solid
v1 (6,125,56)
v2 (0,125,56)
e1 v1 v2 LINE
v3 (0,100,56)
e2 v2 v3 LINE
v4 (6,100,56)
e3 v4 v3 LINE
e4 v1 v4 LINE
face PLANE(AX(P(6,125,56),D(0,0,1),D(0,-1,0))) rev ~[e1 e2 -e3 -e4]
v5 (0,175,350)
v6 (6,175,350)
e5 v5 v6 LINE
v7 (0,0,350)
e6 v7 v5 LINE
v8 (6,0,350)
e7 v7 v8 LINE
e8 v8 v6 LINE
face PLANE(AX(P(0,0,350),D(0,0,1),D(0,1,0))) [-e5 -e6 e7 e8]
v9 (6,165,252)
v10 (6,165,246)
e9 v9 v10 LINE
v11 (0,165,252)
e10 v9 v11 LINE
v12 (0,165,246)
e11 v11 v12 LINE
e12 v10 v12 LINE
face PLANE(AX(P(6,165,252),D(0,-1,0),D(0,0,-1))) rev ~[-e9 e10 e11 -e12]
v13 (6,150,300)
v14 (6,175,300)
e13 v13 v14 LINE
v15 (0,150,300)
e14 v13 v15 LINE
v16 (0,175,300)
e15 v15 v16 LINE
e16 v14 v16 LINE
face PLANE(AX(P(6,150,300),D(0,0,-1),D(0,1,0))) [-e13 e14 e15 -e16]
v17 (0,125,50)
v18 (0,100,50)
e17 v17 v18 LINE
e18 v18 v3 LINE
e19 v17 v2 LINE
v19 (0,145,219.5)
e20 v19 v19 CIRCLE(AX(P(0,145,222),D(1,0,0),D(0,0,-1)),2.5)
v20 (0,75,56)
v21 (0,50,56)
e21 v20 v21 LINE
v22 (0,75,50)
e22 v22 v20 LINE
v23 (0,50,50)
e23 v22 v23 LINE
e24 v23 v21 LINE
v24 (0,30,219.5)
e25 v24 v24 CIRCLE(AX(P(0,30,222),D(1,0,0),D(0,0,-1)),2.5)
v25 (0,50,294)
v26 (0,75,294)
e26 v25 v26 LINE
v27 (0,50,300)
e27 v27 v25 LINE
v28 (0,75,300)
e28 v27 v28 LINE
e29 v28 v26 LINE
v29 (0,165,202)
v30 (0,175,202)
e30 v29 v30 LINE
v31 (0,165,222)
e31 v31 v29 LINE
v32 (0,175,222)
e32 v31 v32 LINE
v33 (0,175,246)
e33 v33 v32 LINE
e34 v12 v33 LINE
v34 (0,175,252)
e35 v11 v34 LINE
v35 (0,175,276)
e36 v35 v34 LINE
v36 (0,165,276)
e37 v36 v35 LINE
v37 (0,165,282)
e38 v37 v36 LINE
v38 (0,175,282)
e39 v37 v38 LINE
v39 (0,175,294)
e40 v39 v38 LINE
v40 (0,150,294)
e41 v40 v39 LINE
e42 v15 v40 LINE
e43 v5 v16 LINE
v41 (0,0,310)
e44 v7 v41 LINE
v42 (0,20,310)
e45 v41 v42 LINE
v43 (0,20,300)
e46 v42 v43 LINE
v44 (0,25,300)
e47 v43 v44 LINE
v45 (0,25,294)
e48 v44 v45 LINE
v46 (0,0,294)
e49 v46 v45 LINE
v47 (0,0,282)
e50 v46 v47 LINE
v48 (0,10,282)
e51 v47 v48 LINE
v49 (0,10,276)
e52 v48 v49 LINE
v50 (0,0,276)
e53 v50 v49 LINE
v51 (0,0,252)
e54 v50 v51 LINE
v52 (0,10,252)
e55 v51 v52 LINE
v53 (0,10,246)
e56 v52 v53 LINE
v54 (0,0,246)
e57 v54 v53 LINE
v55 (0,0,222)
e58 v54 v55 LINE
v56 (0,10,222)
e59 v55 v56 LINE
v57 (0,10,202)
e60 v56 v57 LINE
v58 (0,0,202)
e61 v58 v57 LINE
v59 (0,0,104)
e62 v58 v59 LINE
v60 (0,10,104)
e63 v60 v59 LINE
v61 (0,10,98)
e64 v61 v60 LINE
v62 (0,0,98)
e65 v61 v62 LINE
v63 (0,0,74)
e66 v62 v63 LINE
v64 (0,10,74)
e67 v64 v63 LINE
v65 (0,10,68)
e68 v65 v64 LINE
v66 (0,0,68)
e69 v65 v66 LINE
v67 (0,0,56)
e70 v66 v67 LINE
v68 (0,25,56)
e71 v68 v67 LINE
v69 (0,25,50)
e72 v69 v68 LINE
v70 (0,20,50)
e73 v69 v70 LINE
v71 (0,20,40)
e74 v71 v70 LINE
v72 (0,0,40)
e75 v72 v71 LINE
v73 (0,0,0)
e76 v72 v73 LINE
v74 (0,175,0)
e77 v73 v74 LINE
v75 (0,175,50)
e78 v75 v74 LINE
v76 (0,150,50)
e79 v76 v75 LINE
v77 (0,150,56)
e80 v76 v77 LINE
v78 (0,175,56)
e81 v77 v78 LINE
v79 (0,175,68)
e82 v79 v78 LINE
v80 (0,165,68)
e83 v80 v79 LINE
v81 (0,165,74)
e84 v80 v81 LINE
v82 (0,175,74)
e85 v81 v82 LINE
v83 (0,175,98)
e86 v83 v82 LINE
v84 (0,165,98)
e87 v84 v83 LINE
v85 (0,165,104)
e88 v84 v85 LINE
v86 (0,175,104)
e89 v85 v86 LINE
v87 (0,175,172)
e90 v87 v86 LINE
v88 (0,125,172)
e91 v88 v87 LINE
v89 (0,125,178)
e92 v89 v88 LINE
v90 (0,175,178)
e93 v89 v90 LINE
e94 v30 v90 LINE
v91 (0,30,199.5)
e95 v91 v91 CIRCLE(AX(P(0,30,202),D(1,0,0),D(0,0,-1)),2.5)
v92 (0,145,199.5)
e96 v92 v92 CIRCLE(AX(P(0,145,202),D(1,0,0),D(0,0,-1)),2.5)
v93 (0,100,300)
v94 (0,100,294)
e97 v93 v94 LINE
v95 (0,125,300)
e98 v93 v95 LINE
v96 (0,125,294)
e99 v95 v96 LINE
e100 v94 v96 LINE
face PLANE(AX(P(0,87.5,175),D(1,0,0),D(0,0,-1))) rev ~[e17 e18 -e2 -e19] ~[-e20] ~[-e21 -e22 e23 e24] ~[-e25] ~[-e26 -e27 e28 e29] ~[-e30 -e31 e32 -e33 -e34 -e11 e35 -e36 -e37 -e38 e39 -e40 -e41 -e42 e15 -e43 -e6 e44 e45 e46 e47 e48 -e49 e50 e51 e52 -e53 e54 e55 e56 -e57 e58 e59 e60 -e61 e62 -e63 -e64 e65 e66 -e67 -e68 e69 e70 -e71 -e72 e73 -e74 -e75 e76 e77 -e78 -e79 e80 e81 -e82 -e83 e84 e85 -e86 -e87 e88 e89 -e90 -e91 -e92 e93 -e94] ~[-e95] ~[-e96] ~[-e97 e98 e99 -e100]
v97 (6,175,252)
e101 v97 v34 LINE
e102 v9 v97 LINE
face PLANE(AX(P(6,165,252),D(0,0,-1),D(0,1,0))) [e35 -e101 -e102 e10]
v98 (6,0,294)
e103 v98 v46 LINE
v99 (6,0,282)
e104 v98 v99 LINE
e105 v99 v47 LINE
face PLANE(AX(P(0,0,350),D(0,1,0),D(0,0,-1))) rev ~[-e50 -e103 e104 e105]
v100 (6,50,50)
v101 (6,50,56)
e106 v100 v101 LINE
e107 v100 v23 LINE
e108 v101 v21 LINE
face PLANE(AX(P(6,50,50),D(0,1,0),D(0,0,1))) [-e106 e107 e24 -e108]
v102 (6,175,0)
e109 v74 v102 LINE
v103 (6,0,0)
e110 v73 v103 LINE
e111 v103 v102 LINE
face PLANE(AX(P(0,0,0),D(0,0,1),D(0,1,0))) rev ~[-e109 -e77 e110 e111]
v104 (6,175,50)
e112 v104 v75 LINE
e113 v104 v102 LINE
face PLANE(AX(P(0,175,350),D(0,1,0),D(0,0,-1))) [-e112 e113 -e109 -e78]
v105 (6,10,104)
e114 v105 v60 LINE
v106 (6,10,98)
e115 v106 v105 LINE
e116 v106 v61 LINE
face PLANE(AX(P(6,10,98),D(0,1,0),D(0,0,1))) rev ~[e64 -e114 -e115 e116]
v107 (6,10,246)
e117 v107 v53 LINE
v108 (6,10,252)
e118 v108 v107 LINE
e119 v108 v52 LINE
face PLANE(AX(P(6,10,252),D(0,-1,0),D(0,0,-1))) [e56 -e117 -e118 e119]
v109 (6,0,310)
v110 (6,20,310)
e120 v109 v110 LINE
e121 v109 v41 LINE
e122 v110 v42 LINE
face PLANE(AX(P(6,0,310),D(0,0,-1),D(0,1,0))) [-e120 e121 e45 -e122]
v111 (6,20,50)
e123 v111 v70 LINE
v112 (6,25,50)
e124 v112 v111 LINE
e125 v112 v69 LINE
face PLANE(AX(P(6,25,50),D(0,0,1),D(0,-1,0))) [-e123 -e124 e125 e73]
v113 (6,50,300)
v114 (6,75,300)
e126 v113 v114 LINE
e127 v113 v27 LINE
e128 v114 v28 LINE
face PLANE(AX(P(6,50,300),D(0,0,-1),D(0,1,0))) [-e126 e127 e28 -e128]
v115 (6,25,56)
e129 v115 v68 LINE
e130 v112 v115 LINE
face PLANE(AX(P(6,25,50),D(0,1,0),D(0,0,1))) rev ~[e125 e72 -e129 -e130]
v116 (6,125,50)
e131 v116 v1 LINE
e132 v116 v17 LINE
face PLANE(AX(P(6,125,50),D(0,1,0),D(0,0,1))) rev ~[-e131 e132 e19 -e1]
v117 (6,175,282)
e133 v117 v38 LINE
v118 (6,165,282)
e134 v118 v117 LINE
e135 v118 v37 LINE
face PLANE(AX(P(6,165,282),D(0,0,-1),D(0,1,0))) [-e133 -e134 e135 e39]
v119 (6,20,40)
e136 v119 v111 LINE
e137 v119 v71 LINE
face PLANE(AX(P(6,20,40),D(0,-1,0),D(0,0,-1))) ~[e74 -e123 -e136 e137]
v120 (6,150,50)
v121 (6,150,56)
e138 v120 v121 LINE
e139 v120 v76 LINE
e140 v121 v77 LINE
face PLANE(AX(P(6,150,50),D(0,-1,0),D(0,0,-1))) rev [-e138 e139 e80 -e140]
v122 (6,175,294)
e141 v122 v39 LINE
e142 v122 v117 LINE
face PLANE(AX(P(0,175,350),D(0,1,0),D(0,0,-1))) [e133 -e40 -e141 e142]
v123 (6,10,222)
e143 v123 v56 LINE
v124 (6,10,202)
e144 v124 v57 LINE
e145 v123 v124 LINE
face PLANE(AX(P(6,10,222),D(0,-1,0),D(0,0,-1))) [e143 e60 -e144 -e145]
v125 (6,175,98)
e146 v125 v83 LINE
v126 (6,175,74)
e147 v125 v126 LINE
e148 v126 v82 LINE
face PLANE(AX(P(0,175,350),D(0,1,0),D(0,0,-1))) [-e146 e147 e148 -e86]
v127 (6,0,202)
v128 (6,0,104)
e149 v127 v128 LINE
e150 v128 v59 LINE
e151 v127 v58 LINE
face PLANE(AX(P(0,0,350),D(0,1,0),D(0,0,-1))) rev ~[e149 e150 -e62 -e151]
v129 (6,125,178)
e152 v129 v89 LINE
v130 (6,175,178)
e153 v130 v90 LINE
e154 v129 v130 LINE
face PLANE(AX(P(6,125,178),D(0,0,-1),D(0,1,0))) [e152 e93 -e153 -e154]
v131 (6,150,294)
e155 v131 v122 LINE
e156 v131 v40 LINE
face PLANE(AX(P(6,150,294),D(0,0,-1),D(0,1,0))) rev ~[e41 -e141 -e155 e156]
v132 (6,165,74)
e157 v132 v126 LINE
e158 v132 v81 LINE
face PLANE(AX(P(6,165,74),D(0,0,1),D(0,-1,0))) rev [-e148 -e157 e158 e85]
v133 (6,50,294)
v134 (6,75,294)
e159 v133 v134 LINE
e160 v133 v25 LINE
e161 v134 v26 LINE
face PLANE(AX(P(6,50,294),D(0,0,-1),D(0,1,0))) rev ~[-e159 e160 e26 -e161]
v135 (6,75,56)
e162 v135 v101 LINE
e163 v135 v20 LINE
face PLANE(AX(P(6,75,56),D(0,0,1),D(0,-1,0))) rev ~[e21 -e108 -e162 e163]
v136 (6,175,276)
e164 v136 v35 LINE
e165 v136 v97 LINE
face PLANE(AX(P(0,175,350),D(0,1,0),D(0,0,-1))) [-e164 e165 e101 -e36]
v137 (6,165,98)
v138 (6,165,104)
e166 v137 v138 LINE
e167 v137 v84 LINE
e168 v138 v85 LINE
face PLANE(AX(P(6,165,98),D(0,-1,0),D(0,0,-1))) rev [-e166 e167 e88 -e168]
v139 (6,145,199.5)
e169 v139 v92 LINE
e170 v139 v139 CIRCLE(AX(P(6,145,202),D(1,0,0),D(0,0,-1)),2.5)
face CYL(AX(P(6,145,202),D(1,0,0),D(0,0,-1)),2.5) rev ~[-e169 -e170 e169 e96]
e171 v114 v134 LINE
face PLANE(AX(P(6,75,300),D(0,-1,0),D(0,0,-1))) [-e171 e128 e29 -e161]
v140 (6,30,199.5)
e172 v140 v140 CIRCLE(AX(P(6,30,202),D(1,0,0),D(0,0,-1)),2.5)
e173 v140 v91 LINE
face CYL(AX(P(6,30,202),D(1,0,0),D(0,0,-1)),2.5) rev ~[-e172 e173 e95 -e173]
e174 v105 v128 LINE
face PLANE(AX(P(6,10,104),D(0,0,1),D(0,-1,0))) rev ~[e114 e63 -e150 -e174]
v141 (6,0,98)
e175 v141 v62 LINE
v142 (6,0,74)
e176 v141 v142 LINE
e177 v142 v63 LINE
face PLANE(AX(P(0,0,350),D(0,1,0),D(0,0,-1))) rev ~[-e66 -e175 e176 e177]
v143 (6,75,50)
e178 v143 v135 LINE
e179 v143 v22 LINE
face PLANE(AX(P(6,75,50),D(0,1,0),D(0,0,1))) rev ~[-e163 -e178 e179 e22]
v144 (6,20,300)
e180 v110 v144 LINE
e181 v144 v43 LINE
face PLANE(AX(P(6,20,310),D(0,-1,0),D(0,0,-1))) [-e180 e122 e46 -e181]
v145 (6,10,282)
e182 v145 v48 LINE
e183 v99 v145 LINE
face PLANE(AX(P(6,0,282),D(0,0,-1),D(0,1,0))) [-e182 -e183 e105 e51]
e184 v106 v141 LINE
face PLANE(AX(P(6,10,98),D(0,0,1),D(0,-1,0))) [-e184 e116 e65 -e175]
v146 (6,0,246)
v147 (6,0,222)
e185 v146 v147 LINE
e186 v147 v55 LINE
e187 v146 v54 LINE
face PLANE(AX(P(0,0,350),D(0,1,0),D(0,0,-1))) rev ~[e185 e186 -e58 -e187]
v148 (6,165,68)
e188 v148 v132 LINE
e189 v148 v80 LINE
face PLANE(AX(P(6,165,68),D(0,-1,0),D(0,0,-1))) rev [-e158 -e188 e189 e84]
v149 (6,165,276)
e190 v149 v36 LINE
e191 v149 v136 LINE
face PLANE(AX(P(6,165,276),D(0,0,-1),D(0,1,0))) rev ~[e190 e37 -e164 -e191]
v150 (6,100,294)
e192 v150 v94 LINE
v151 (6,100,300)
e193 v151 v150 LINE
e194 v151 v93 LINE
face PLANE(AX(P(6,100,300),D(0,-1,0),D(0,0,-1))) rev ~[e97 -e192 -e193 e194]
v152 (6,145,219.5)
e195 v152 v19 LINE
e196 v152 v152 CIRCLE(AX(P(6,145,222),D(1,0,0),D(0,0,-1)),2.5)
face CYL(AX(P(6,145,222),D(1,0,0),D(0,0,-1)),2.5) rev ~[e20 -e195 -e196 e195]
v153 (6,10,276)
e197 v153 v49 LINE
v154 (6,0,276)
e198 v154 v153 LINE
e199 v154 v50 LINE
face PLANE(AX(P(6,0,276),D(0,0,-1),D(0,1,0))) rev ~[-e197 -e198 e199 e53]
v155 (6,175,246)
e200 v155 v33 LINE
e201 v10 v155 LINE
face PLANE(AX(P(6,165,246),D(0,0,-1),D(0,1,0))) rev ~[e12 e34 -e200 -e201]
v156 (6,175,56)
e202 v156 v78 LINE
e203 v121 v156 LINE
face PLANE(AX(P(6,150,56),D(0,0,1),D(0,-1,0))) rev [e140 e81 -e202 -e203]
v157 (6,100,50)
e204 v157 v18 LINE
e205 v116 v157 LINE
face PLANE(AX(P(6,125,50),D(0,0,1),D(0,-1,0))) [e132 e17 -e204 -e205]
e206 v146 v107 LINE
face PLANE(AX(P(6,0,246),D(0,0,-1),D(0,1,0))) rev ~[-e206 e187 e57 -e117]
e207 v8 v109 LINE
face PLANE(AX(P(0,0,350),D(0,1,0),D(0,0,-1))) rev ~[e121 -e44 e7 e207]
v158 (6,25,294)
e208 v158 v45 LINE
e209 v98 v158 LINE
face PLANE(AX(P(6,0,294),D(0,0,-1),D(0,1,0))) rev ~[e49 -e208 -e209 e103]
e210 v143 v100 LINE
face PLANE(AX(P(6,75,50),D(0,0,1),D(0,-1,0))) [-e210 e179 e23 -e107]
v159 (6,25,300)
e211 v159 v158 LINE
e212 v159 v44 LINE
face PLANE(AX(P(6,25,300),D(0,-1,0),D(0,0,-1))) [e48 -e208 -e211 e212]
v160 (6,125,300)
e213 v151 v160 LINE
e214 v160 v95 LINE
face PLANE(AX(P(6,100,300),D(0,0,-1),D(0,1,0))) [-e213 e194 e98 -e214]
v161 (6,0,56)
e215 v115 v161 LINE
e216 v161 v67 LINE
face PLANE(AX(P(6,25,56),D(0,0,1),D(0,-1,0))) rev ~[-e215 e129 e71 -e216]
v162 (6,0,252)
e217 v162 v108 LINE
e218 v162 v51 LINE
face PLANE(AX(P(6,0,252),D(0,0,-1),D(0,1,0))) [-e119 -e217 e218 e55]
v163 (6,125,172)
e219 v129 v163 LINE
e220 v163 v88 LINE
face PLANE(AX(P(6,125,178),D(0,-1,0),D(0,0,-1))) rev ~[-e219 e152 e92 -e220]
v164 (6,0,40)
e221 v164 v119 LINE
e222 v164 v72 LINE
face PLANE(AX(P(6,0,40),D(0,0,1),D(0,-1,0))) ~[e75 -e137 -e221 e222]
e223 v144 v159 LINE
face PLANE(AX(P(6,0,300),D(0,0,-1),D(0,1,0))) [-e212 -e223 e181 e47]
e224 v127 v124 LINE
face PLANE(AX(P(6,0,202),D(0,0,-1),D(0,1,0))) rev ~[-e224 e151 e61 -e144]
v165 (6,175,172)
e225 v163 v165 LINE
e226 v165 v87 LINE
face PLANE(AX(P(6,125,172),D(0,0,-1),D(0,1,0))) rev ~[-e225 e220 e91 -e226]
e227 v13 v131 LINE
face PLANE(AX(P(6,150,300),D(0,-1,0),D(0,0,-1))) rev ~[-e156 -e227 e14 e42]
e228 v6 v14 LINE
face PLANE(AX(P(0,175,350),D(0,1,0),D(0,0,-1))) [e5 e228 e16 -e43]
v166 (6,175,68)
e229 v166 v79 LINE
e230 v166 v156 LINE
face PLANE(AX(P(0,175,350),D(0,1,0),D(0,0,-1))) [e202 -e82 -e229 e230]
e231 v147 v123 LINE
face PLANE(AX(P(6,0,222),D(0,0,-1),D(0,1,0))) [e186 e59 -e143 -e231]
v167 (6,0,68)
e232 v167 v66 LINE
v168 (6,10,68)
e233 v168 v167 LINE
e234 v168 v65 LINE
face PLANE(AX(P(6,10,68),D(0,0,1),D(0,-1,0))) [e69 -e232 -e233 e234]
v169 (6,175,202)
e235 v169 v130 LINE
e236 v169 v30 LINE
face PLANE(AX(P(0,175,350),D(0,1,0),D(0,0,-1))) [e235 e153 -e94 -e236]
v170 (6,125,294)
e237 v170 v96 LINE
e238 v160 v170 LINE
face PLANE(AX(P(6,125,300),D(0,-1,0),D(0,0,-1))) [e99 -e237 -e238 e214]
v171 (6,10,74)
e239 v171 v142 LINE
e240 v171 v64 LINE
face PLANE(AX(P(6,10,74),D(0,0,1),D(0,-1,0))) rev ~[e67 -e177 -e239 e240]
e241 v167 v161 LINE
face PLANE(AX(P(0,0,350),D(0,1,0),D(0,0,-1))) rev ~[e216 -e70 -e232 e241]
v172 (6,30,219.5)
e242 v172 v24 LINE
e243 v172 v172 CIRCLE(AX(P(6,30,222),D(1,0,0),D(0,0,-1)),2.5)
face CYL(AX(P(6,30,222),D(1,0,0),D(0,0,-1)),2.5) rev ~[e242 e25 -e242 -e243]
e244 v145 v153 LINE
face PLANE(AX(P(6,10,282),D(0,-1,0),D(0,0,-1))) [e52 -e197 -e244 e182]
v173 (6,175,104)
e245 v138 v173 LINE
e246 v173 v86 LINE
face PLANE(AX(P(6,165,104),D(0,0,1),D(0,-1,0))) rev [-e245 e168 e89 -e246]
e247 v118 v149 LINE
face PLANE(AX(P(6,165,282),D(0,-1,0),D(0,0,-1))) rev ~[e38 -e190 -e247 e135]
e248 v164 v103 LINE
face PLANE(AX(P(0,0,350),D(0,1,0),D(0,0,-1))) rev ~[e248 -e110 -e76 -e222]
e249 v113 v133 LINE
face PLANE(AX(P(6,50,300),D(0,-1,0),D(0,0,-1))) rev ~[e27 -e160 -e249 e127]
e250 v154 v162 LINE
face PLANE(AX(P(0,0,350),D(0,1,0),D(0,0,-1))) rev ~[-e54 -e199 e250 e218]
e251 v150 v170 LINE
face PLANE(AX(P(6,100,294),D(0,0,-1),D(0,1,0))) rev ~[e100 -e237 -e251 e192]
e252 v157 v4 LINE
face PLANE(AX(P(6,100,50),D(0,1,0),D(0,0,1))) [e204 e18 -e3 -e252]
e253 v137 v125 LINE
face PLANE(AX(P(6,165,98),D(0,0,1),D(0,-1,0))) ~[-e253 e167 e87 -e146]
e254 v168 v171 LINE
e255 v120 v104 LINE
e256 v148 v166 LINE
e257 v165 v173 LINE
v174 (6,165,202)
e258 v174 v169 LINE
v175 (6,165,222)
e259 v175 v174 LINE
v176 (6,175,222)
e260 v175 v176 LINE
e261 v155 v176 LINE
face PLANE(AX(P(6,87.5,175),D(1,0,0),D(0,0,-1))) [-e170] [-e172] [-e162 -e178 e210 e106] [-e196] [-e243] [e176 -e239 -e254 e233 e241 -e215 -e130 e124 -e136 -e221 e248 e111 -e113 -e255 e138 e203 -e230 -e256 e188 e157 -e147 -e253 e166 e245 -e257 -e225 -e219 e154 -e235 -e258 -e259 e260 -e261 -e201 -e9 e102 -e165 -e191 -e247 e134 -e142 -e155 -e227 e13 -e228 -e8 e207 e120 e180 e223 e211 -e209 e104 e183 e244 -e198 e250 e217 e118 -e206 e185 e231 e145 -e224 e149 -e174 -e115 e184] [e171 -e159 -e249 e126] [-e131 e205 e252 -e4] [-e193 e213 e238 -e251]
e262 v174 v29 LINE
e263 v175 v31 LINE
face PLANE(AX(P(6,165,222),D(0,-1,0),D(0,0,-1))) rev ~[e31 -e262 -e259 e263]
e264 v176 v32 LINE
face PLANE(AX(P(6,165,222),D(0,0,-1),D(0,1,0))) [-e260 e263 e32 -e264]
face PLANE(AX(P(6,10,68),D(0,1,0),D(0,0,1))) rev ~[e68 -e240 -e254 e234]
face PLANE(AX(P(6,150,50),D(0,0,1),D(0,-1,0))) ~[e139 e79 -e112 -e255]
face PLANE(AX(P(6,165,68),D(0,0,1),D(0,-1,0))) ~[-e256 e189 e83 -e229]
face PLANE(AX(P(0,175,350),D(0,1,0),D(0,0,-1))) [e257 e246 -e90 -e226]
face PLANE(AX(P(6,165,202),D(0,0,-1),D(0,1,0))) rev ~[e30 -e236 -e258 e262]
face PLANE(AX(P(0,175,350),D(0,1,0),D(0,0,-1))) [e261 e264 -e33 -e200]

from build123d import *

# Parameters (mm, degrees)
SKETCH1_W               = 350
SKETCH1_H               = 175
BOSS_EXTRUDE1_DEPTH     = 6
SKETCH3_W               = 6
SKETCH3_H               = 25
CUT_EXTRUDE1_DEPTH      = 392.357892472
LPATTERN1_COUNT         = 4
LPATTERN1_PITCH         = 50
SKETCH4_W               = 6
SKETCH4_H               = 10
CUT_EXTRUDE2_DEPTH      = 392.357892472
LPATTERN2_COUNT         = 2
LPATTERN2_PITCH         = 165
SKETCH5_W               = 6
SKETCH5_H               = 10
CUT_EXTRUDE3_DEPTH      = 392.357892472
LPATTERN3_COUNT         = 2
LPATTERN3_PITCH         = 165
SKETCH6_W               = 6
SKETCH6_H               = 50
CUT_EXTRUDE4_DEPTH      = 10
SKETCH7_W               = 20
SKETCH7_H               = 10
CUT_EXTRUDE5_DEPTH      = 10
LPATTERN4_COUNT         = 2
LPATTERN4_PITCH         = 165
SKETCH8_R               = 2.5
CUT_EXTRUDE6_DEPTH      = 10
SKETCH9_W               = 10
SKETCH9_H               = 20
CUT_EXTRUDE7_DEPTH      = 10
MIRROR1_COPY_1_SKETCH_W = 6
MIRROR1_COPY_1_SKETCH_H = 25
MIRROR1_COPY_1_DEPTH    = 392.357892472
MIRROR1_COPY_2_SKETCH_W = 6
MIRROR1_COPY_2_SKETCH_H = 25
MIRROR1_COPY_2_DEPTH    = 392.357892472
MIRROR1_COPY_3_SKETCH_W = 6
MIRROR1_COPY_3_SKETCH_H = 25
MIRROR1_COPY_3_DEPTH    = 392.357892472
MIRROR1_COPY_4_SKETCH_W = 6
MIRROR1_COPY_4_SKETCH_H = 10
MIRROR1_COPY_4_DEPTH    = 392.357892472
MIRROR1_COPY_5_SKETCH_W = 6
MIRROR1_COPY_5_SKETCH_H = 10
MIRROR1_COPY_5_DEPTH    = 392.357892472


with BuildPart() as part:
    # Sketch1 → Boss-Extrude1 (new body)
    with BuildSketch(Plane(origin=(0, 0, 0), x_dir=(0, 0, -1), z_dir=(1, 0, 0))):
        with Locations((-175, 87.5)):
            Rectangle(SKETCH1_W, SKETCH1_H)
    extrude(amount=BOSS_EXTRUDE1_DEPTH)

    # Sketch3 → Cut-Extrude1 (cut, through all)
    with BuildSketch(Plane(origin=(6, 0, 0), x_dir=(0, 0, -1), z_dir=(1, 0, 0))):
        with Locations((-297, 162.5)):
            Rectangle(SKETCH3_W, SKETCH3_H)
    cut_extrude1 = extrude(amount=-CUT_EXTRUDE1_DEPTH, mode=Mode.SUBTRACT)

    # LPattern1: Cut-Extrude1 ×4
    with Locations(*[(0, -i * LPATTERN1_PITCH, 0) for i in range(1, LPATTERN1_COUNT)]):
        add(cut_extrude1, mode=Mode.SUBTRACT)

    # Sketch4 → Cut-Extrude2 (cut, through all)
    with BuildSketch(Plane(origin=(6, 0, 0), x_dir=(0, 0, -1), z_dir=(1, 0, 0))):
        with Locations((-279, 170)):
            Rectangle(SKETCH4_W, SKETCH4_H)
    cut_extrude2 = extrude(amount=-CUT_EXTRUDE2_DEPTH, mode=Mode.SUBTRACT)

    # LPattern2: Cut-Extrude2 ×2
    with Locations(*[(0, -i * LPATTERN2_PITCH, 0) for i in range(1, LPATTERN2_COUNT)]):
        add(cut_extrude2, mode=Mode.SUBTRACT)

    # Sketch5 → Cut-Extrude3 (cut, through all)
    with BuildSketch(Plane(origin=(6, 0, 0), x_dir=(0, 0, -1), z_dir=(1, 0, 0))):
        with Locations((-249, 170)):
            Rectangle(SKETCH5_W, SKETCH5_H)
    cut_extrude3 = extrude(amount=-CUT_EXTRUDE3_DEPTH, mode=Mode.SUBTRACT)

    # LPattern3: Cut-Extrude3 ×2
    with Locations(*[(0, -i * LPATTERN3_PITCH, 0) for i in range(1, LPATTERN3_COUNT)]):
        add(cut_extrude3, mode=Mode.SUBTRACT)

    # Sketch6 → Cut-Extrude4 (cut)
    with BuildSketch(Plane(origin=(6, 0, 0), x_dir=(0, 0, -1), z_dir=(1, 0, 0))):
        with Locations((-175, 150)):
            Rectangle(SKETCH6_W, SKETCH6_H)
    extrude(amount=-CUT_EXTRUDE4_DEPTH, mode=Mode.SUBTRACT)

    # Sketch7 → Cut-Extrude5 (cut)
    with BuildSketch(Plane(origin=(6, 0, 0), x_dir=(0, 0, -1), z_dir=(1, 0, 0))):
        with Locations((-212, 170)):
            Rectangle(SKETCH7_W, SKETCH7_H)
    cut_extrude5 = extrude(amount=-CUT_EXTRUDE5_DEPTH, mode=Mode.SUBTRACT)

    # LPattern4: Cut-Extrude5 ×2
    with Locations(*[(0, -i * LPATTERN4_PITCH, 0) for i in range(1, LPATTERN4_COUNT)]):
        add(cut_extrude5, mode=Mode.SUBTRACT)

    # Sketch8 → Cut-Extrude6 (cut)
    with BuildSketch(Plane(origin=(6, 0, 0), x_dir=(0, 0, -1), z_dir=(1, 0, 0))):
        with Locations((-222, 145)):
            Circle(SKETCH8_R)
        with Locations((-202, 145)):
            Circle(SKETCH8_R)
        with Locations((-222, 30)):
            Circle(SKETCH8_R)
        with Locations((-202, 30)):
            Circle(SKETCH8_R)
    extrude(amount=-CUT_EXTRUDE6_DEPTH, mode=Mode.SUBTRACT)

    # Sketch9 → Cut-Extrude7 (cut)
    with BuildSketch(Plane(origin=(6, 0, 0), x_dir=(0, 0, -1), z_dir=(1, 0, 0))):
        with Locations((-305, 10)):
            Rectangle(SKETCH9_W, SKETCH9_H)
    cut_extrude7 = extrude(amount=-CUT_EXTRUDE7_DEPTH, mode=Mode.SUBTRACT)

    # Mirror1: Cut-Extrude1, Cut-Extrude2, Cut-Extrude3, Cut-Extrude7 across plane
    add(cut_extrude1.mirror(Plane.XY.offset(175)), mode=Mode.SUBTRACT)
    add(cut_extrude2.mirror(Plane.XY.offset(175)), mode=Mode.SUBTRACT)
    add(cut_extrude3.mirror(Plane.XY.offset(175)), mode=Mode.SUBTRACT)
    add(cut_extrude7.mirror(Plane.XY.offset(175)), mode=Mode.SUBTRACT)

    # Mirror1 copy 1 sketch → Mirror1 copy 1 (cut, through all)
    with BuildSketch(Plane(origin=(6, -50, 350), x_dir=(0, 0, 1), z_dir=(1, 0, 0))):
        with Locations((-297, -162.5)):
            Rectangle(MIRROR1_COPY_1_SKETCH_W, MIRROR1_COPY_1_SKETCH_H)
    extrude(amount=-MIRROR1_COPY_1_DEPTH, mode=Mode.SUBTRACT)

    # Mirror1 copy 2 sketch → Mirror1 copy 2 (cut, through all)
    with BuildSketch(Plane(origin=(6, -100, 350), x_dir=(0, 0, 1), z_dir=(1, 0, 0))):
        with Locations((-297, -162.5)):
            Rectangle(MIRROR1_COPY_2_SKETCH_W, MIRROR1_COPY_2_SKETCH_H)
    extrude(amount=-MIRROR1_COPY_2_DEPTH, mode=Mode.SUBTRACT)

    # Mirror1 copy 3 sketch → Mirror1 copy 3 (cut, through all)
    with BuildSketch(Plane(origin=(6, -150, 350), x_dir=(0, 0, 1), z_dir=(1, 0, 0))):
        with Locations((-297, -162.5)):
            Rectangle(MIRROR1_COPY_3_SKETCH_W, MIRROR1_COPY_3_SKETCH_H)
    extrude(amount=-MIRROR1_COPY_3_DEPTH, mode=Mode.SUBTRACT)

    # Mirror1 copy 4 sketch → Mirror1 copy 4 (cut, through all)
    with BuildSketch(Plane(origin=(6, -165, 350), x_dir=(0, 0, 1), z_dir=(1, 0, 0))):
        with Locations((-279, -170)):
            Rectangle(MIRROR1_COPY_4_SKETCH_W, MIRROR1_COPY_4_SKETCH_H)
    extrude(amount=-MIRROR1_COPY_4_DEPTH, mode=Mode.SUBTRACT)

    # Mirror1 copy 5 sketch → Mirror1 copy 5 (cut, through all)
    with BuildSketch(Plane(origin=(6, -165, 350), x_dir=(0, 0, 1), z_dir=(1, 0, 0))):
        with Locations((-249, -170)):
            Rectangle(MIRROR1_COPY_5_SKETCH_W, MIRROR1_COPY_5_SKETCH_H)
    extrude(amount=-MIRROR1_COPY_5_DEPTH, mode=Mode.SUBTRACT)


solid = part.part
